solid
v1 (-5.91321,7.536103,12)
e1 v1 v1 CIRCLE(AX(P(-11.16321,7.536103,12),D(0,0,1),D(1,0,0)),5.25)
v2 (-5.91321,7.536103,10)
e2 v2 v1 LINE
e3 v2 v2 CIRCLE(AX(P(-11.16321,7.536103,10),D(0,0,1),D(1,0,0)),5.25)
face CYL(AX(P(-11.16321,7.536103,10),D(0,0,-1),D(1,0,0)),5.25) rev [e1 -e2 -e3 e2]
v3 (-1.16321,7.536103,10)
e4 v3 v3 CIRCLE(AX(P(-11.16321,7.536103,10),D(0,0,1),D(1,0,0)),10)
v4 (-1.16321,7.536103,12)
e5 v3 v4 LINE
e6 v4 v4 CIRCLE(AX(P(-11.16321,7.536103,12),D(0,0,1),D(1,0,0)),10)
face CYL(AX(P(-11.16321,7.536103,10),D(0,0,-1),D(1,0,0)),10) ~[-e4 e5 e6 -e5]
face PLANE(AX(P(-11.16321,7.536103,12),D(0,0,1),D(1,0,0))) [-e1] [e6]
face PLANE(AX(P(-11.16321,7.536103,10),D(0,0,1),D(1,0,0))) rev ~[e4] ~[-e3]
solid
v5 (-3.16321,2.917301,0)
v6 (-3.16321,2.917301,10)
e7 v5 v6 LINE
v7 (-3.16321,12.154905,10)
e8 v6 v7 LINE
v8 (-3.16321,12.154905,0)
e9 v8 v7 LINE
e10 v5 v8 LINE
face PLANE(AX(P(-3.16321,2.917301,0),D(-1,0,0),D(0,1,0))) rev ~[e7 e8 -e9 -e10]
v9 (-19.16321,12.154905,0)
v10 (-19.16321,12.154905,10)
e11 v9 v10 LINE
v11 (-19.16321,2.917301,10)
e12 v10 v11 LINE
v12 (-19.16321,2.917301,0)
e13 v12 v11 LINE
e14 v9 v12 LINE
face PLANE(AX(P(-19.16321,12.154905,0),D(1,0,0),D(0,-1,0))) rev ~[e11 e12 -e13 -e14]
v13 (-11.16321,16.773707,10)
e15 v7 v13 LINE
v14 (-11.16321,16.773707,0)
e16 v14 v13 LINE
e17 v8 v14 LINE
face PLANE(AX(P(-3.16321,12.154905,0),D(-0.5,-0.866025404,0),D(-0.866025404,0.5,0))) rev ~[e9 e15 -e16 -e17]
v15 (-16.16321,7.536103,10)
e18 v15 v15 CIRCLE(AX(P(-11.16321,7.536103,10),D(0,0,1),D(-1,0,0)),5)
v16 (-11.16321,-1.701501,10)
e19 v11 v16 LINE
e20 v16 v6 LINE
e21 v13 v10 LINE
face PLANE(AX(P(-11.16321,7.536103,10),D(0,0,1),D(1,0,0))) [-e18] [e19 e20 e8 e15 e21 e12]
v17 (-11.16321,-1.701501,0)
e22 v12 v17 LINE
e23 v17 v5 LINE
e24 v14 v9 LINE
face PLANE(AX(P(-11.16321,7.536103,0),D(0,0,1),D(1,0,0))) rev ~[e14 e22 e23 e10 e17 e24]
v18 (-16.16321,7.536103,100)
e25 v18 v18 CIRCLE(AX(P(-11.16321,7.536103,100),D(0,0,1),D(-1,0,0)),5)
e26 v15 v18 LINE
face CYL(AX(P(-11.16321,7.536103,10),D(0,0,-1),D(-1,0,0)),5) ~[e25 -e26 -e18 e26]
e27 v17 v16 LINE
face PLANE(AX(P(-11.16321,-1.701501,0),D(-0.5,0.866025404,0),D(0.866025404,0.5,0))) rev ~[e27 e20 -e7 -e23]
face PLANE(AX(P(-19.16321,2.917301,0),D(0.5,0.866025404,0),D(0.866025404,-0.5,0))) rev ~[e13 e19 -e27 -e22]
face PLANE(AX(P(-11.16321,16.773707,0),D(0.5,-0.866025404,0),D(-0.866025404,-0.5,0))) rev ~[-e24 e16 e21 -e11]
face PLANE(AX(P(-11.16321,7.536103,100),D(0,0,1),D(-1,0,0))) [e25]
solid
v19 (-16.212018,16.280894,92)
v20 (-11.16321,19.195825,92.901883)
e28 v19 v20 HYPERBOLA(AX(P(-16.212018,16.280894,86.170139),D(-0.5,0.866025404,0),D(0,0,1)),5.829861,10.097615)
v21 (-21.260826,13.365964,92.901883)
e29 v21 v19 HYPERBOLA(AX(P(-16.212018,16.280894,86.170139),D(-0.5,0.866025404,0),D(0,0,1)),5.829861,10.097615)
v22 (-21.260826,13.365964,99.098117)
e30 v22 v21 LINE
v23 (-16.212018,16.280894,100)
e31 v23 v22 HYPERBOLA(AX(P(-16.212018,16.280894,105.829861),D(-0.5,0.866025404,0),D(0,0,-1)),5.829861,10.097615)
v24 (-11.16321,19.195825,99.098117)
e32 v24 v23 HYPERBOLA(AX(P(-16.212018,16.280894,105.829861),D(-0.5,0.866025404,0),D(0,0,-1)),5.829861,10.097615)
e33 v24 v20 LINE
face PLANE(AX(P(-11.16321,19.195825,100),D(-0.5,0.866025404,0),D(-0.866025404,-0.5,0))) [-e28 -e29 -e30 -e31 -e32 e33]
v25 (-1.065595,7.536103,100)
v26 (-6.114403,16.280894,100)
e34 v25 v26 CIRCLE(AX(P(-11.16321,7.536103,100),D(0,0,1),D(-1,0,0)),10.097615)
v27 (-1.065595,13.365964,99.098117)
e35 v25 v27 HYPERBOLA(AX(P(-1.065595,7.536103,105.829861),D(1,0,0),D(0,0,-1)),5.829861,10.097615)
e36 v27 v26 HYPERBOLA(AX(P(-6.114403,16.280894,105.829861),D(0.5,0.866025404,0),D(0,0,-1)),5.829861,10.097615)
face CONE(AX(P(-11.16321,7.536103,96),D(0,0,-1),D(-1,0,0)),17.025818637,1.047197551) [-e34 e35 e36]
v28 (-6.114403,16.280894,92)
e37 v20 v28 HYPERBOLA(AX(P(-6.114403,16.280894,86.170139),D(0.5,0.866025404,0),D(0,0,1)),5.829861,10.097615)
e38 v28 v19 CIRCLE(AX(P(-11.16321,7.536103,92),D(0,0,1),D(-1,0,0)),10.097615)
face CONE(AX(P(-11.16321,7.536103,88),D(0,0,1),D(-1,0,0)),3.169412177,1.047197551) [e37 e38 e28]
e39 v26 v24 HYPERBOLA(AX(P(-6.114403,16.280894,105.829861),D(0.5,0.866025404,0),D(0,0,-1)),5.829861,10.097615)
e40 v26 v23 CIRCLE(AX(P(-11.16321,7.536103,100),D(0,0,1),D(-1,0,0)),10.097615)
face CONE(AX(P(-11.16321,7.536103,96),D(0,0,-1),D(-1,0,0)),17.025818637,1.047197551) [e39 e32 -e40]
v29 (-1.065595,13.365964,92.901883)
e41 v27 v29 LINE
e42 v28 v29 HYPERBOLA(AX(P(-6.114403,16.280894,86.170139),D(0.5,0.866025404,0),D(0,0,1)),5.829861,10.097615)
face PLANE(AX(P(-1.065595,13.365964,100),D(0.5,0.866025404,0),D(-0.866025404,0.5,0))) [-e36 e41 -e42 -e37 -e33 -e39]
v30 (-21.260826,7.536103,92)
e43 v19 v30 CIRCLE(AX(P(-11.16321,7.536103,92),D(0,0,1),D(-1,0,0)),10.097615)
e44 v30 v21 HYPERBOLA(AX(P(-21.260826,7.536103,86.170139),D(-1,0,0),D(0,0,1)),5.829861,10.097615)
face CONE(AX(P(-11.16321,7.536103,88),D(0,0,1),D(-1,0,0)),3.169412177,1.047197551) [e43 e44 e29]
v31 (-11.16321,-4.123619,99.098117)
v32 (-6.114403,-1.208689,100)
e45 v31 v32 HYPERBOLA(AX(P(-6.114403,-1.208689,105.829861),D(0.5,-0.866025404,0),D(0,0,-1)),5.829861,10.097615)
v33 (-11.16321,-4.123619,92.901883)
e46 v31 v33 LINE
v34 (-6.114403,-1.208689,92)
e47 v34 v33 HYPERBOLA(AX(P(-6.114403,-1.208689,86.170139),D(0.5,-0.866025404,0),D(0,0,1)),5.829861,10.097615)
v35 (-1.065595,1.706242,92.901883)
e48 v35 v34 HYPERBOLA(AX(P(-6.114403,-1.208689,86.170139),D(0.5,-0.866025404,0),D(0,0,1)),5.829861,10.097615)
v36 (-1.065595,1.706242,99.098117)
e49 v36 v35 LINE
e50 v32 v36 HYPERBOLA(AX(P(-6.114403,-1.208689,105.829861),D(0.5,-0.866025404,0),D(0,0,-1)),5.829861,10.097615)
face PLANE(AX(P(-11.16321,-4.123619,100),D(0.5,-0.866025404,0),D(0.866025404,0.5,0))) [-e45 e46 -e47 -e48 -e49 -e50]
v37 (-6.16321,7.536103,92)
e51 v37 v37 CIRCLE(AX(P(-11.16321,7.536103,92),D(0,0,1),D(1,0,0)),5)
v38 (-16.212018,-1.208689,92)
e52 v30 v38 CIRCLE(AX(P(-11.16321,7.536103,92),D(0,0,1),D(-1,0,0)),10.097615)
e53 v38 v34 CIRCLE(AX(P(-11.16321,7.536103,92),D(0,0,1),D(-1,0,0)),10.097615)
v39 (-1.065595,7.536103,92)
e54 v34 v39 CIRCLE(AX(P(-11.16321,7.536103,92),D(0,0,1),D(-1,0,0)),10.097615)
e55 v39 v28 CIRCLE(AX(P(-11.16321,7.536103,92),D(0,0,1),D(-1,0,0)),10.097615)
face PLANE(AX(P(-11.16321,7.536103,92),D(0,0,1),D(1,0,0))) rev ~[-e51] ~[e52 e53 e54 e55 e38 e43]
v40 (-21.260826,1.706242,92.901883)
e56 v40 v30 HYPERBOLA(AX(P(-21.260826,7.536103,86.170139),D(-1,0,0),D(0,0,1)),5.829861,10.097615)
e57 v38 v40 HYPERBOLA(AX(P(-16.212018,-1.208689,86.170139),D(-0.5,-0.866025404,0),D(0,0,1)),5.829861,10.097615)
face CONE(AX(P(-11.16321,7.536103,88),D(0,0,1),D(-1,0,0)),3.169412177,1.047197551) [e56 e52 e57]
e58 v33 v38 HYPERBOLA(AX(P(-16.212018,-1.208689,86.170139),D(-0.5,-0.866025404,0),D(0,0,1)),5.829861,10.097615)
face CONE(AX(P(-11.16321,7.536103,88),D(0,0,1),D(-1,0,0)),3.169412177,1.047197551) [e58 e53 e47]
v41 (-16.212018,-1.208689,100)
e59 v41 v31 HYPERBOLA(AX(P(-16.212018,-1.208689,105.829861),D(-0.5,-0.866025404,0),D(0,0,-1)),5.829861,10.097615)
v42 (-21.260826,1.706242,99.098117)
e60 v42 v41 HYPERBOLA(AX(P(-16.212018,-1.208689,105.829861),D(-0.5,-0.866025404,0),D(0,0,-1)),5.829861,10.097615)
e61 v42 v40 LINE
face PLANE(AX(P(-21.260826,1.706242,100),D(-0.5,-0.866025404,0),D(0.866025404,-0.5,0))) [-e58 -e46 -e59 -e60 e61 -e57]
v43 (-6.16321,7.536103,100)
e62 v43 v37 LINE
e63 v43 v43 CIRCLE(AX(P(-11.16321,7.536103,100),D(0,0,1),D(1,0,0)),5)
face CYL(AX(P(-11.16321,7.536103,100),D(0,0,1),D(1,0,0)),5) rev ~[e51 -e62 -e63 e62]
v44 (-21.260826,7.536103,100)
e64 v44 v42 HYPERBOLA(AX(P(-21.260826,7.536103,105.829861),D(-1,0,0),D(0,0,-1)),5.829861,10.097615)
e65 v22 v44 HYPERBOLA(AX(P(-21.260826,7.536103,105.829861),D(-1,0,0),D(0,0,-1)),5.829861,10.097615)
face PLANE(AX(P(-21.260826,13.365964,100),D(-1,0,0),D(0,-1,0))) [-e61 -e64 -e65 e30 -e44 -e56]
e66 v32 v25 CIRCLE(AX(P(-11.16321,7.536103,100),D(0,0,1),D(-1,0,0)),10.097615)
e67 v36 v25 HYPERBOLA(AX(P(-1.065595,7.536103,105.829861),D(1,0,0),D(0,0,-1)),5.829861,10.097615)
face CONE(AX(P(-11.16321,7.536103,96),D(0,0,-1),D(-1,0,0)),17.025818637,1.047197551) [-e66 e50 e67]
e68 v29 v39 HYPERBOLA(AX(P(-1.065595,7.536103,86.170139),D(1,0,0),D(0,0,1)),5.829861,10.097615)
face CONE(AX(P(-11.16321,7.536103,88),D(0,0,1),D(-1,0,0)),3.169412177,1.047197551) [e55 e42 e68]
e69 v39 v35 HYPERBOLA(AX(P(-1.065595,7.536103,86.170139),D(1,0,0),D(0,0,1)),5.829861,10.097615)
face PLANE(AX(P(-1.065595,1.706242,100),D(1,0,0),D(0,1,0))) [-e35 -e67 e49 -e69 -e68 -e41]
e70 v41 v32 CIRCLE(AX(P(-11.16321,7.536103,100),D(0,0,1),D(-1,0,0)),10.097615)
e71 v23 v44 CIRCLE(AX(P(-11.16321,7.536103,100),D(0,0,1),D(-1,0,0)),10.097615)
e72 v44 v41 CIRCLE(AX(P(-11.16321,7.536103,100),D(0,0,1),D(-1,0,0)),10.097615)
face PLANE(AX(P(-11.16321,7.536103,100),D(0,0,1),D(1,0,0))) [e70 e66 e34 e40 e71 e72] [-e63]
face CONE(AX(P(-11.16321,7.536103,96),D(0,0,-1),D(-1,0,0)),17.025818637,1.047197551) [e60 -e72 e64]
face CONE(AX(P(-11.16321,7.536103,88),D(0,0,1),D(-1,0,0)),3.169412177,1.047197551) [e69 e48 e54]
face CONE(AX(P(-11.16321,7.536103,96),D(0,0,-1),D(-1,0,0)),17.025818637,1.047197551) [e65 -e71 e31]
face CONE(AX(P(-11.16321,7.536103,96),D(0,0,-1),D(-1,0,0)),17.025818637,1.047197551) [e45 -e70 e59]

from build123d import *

# Parameters (mm, degrees)
SKETCH1_R           = 5
BOSS_EXTRUDE1_DEPTH = 10
BOSS_EXTRUDE2_START = 10
SKETCH1_3_R         = 5
BOSS_EXTRUDE2_DEPTH = 90
BOSS_EXTRUDE3_START = 10
SKETCH3_R           = 10
SKETCH3_R_2         = 5.25
BOSS_EXTRUDE3_DEPTH = 2
SKETCH4_R           = 5
BOSS_EXTRUDE4_DEPTH = 8


with BuildPart() as part:
    # Sketch1 → Boss-Extrude1 (new body)
    # profile 1 of 2: a face of its own
    with BuildSketch(Plane.XY):
        Polygon((-11.163210479, -1.701501358), (-3.163210479, 2.917300796), (-3.163210479, 12.154905103), (-11.163210479, 16.773707256), (-19.163210479, 12.154905103), (-19.163210479, 2.917300796), align=None)
        with Locations((-11.163210479, 7.536102949)):
            Circle(SKETCH1_R, mode=Mode.SUBTRACT)
    # profile 2 of 2: a face of its own
    with BuildSketch(Plane.XY):
        with Locations((-11.163210479, 7.536102949)):
            Circle(SKETCH1_R)
    extrude(amount=BOSS_EXTRUDE1_DEPTH)

    # Sketch1<3> → Boss-Extrude2 (add)
    with BuildSketch(Plane.XY.offset(BOSS_EXTRUDE2_START)):
        with Locations(Location((-11.163210479, 7.536102949, 0), (0, 0, 180))):
            Circle(SKETCH1_3_R)
    extrude(amount=BOSS_EXTRUDE2_DEPTH)


with BuildPart() as body_2:
    # Sketch3 → Boss-Extrude3 (new body)
    with BuildSketch(Plane.XY.offset(BOSS_EXTRUDE3_START)):
        with Locations((-11.163210479, 7.536102949)):
            Circle(SKETCH3_R)
        with Locations((-11.163210479, 7.536102949)):
            Circle(SKETCH3_R_2, mode=Mode.SUBTRACT)
    extrude(amount=BOSS_EXTRUDE3_DEPTH)


with BuildPart() as body_3:
    # Sketch4 → Boss-Extrude4 (new body)
    with BuildSketch(Plane.XY.offset(100)):
        Polygon((-11.163210479, -4.123618998), (-1.065595071, 1.706241975), (-1.065595071, 13.365963923), (-11.163210479, 19.195824897), (-21.260825886, 13.365963923), (-21.260825886, 1.706241975), align=None)
        with Locations((-11.163210479, 7.536102949)):
            Circle(SKETCH4_R, mode=Mode.SUBTRACT)
    extrude(amount=-BOSS_EXTRUDE4_DEPTH)

    # Sketch5 → Cut-Revolve1 (revolve, cut)
    with BuildSketch(Plane(origin=(0, 7.536102949, 0), x_dir=(-1, 0, 0), z_dir=(0, -1, 0))):
        Polygon((28.189029116, -96), (14.332622656, -104), (14.332622656, -108.5), (39.332622656, -108.5), (39.332622656, -83.5), (14.332622656, -83.5), (14.332622656, -88), align=None)
    revolve(axis=Axis((-11.163210479, 7.536102949, 51.6), (0, 0, 1)), mode=Mode.SUBTRACT)


solid = Compound([part.part, body_2.part, body_3.part])
